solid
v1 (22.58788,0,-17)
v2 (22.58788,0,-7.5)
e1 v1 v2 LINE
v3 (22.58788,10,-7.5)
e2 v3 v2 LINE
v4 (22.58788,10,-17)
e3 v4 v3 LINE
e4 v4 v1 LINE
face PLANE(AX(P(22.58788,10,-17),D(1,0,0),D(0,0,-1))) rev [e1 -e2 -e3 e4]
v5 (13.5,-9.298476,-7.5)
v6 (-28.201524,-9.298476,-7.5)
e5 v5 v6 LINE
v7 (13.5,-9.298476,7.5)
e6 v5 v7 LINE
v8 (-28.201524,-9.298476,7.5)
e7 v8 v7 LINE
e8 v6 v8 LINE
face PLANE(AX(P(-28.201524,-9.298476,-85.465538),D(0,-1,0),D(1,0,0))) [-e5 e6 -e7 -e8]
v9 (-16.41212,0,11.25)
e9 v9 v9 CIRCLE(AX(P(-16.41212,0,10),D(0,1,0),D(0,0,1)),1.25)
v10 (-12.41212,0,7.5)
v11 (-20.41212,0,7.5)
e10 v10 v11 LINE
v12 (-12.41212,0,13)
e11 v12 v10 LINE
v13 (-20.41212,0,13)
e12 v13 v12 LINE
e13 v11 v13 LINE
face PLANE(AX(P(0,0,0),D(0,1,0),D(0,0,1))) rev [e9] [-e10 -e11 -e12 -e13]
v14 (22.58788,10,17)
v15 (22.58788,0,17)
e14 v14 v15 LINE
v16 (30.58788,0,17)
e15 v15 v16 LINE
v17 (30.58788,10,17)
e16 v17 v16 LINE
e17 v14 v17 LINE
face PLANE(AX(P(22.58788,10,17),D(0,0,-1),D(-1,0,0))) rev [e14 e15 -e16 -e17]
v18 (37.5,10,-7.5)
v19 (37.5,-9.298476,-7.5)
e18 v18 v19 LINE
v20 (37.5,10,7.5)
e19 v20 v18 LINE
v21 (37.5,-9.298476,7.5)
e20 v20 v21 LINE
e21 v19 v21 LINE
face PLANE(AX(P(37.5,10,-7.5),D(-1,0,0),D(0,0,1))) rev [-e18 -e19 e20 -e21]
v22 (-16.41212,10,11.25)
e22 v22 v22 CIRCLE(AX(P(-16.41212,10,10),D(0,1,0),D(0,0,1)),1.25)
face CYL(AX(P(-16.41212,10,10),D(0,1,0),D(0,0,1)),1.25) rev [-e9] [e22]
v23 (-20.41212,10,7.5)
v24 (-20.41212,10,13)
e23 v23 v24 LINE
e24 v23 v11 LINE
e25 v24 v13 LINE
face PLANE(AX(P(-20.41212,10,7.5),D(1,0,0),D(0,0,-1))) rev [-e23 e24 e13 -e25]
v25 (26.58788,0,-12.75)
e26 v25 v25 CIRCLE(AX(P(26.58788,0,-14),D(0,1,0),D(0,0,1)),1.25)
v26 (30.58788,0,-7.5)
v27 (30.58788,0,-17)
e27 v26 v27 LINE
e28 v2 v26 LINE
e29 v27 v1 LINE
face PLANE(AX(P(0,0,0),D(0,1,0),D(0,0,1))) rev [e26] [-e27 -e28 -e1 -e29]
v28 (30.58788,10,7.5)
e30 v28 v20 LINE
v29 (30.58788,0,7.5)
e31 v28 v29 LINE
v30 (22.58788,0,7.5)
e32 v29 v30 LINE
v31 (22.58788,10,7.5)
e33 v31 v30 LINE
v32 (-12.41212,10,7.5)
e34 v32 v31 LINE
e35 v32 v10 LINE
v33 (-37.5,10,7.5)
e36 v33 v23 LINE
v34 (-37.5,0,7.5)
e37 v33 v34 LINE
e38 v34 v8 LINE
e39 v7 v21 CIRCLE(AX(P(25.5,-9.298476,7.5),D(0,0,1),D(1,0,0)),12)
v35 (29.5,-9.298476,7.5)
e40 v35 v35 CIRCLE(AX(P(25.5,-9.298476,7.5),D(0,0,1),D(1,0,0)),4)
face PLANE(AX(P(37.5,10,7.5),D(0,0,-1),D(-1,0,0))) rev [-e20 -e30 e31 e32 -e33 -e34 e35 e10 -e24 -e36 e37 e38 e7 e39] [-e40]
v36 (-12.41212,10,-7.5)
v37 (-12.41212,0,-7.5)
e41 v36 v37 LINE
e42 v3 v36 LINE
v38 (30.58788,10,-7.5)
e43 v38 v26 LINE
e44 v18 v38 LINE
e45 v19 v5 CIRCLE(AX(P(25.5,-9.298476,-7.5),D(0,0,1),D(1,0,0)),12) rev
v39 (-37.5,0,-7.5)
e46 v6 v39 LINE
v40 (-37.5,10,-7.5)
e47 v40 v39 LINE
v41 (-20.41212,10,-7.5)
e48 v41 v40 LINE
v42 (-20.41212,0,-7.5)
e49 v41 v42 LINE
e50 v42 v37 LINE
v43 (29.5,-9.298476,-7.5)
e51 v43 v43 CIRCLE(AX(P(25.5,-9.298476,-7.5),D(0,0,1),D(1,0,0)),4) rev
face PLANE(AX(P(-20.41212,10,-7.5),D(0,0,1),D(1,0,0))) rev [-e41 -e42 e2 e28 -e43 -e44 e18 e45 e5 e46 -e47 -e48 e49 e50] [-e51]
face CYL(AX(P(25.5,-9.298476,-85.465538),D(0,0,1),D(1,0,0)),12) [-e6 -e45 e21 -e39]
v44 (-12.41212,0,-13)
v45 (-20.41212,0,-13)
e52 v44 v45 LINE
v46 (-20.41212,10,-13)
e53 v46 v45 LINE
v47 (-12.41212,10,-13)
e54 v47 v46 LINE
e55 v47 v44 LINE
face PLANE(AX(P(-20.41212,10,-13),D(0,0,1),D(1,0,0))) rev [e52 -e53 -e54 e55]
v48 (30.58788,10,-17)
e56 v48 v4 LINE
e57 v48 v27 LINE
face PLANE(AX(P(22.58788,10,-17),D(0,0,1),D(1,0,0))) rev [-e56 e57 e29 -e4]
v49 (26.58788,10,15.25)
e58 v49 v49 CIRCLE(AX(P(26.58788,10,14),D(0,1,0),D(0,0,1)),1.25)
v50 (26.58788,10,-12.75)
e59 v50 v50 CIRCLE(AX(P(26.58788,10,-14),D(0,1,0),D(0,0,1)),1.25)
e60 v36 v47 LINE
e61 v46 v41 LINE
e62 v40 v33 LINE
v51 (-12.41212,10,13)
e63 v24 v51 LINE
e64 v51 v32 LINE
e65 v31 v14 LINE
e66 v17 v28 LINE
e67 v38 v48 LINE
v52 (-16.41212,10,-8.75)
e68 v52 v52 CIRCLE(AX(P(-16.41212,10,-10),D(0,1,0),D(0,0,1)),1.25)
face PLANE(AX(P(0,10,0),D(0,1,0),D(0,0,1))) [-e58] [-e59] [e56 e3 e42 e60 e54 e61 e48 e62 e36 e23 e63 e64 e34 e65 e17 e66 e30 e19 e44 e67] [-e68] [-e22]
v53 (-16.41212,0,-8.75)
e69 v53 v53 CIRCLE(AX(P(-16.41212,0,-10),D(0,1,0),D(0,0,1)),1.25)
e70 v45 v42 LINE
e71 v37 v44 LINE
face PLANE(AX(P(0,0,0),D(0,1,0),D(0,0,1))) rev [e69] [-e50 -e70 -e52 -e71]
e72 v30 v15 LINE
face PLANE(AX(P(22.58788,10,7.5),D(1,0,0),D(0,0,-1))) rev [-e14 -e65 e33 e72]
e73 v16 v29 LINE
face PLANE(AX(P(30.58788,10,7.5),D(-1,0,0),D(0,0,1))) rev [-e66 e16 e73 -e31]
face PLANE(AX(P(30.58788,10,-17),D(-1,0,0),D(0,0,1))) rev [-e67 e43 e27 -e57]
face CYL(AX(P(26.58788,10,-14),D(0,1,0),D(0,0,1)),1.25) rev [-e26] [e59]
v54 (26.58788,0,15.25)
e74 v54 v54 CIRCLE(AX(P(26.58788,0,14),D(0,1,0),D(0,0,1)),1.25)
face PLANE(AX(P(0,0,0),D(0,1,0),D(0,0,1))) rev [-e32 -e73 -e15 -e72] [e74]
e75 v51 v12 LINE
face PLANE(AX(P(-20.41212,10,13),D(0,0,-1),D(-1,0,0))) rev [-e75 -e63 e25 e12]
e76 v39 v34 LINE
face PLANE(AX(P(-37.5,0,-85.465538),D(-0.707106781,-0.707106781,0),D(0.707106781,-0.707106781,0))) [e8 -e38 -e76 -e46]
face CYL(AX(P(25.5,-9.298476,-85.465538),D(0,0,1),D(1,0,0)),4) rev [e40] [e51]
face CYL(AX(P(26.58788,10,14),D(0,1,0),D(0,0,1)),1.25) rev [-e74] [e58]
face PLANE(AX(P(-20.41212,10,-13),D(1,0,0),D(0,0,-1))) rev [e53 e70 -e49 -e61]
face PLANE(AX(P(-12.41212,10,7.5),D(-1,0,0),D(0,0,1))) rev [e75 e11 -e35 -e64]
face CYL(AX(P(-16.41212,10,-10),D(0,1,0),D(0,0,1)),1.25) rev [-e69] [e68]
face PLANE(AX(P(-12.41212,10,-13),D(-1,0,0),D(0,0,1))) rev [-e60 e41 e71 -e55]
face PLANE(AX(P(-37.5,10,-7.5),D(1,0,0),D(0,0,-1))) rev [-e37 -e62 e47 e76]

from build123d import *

# Parameters (mm, degrees)
EXTRUDE_1_DEPTH    = 10
HOLE_WIZARD_M3_1_D = 2.5
SKETCH_6_R         = 4
EXTRUDE_2_DEPTH    = 15


with BuildPart() as part:
    # 草图2 → 凸台-拉伸1 (new body)
    with BuildSketch(Plane(origin=(0, 0, 0), x_dir=(1, 0, 0), z_dir=(0, 1, 0))):
        Polygon((37.5, 7.5), (30.587879709, 7.5), (30.587879709, 17), (22.587879709, 17), (22.587879709, 7.5), (-12.412120291, 7.5), (-12.412120291, 13), (-20.412120291, 13), (-20.412120291, 7.5), (-37.5, 7.5), (-37.5, -7.5), (-20.412120291, -7.5), (-20.412120291, -13), (-12.412120291, -13), (-12.412120291, -7.5), (22.587879709, -7.5), (22.587879709, -17), (30.587879709, -17), (30.587879709, -7.5), (37.5, -7.5), align=None)
    extrude(amount=EXTRUDE_1_DEPTH)

    # M3 螺纹孔1 (through all)
    with Locations(Plane(origin=(0, 10, 0), x_dir=(1, 0, 0), z_dir=(0, 1, 0))):
        with Locations((-16.412120291, 10), (-16.412120291, -10), (26.587879709, 14), (26.587879709, -14)):
            Hole(HOLE_WIZARD_M3_1_D / 2)

    # 草图6 → 凸台-拉伸2 (add)
    with BuildSketch(Plane.XY.offset(7.5)):
        with BuildLine():
            Line((-37.5, 0), (37.5, 0))
            Line((37.5, 0), (37.5, -9.298476379))
            ThreePointArc((37.5, -9.298476379), (25.5, -21.298476379), (13.5, -9.298476379))
            Line((13.5, -9.298476379), (-28.201523621, -9.298476379))
            Line((-28.201523621, -9.298476379), (-37.5, 0))
        make_face()
        with Locations((25.5, -9.298476379)):
            Circle(SKETCH_6_R, mode=Mode.SUBTRACT)
    extrude(amount=-EXTRUDE_2_DEPTH)


solid = part.part
